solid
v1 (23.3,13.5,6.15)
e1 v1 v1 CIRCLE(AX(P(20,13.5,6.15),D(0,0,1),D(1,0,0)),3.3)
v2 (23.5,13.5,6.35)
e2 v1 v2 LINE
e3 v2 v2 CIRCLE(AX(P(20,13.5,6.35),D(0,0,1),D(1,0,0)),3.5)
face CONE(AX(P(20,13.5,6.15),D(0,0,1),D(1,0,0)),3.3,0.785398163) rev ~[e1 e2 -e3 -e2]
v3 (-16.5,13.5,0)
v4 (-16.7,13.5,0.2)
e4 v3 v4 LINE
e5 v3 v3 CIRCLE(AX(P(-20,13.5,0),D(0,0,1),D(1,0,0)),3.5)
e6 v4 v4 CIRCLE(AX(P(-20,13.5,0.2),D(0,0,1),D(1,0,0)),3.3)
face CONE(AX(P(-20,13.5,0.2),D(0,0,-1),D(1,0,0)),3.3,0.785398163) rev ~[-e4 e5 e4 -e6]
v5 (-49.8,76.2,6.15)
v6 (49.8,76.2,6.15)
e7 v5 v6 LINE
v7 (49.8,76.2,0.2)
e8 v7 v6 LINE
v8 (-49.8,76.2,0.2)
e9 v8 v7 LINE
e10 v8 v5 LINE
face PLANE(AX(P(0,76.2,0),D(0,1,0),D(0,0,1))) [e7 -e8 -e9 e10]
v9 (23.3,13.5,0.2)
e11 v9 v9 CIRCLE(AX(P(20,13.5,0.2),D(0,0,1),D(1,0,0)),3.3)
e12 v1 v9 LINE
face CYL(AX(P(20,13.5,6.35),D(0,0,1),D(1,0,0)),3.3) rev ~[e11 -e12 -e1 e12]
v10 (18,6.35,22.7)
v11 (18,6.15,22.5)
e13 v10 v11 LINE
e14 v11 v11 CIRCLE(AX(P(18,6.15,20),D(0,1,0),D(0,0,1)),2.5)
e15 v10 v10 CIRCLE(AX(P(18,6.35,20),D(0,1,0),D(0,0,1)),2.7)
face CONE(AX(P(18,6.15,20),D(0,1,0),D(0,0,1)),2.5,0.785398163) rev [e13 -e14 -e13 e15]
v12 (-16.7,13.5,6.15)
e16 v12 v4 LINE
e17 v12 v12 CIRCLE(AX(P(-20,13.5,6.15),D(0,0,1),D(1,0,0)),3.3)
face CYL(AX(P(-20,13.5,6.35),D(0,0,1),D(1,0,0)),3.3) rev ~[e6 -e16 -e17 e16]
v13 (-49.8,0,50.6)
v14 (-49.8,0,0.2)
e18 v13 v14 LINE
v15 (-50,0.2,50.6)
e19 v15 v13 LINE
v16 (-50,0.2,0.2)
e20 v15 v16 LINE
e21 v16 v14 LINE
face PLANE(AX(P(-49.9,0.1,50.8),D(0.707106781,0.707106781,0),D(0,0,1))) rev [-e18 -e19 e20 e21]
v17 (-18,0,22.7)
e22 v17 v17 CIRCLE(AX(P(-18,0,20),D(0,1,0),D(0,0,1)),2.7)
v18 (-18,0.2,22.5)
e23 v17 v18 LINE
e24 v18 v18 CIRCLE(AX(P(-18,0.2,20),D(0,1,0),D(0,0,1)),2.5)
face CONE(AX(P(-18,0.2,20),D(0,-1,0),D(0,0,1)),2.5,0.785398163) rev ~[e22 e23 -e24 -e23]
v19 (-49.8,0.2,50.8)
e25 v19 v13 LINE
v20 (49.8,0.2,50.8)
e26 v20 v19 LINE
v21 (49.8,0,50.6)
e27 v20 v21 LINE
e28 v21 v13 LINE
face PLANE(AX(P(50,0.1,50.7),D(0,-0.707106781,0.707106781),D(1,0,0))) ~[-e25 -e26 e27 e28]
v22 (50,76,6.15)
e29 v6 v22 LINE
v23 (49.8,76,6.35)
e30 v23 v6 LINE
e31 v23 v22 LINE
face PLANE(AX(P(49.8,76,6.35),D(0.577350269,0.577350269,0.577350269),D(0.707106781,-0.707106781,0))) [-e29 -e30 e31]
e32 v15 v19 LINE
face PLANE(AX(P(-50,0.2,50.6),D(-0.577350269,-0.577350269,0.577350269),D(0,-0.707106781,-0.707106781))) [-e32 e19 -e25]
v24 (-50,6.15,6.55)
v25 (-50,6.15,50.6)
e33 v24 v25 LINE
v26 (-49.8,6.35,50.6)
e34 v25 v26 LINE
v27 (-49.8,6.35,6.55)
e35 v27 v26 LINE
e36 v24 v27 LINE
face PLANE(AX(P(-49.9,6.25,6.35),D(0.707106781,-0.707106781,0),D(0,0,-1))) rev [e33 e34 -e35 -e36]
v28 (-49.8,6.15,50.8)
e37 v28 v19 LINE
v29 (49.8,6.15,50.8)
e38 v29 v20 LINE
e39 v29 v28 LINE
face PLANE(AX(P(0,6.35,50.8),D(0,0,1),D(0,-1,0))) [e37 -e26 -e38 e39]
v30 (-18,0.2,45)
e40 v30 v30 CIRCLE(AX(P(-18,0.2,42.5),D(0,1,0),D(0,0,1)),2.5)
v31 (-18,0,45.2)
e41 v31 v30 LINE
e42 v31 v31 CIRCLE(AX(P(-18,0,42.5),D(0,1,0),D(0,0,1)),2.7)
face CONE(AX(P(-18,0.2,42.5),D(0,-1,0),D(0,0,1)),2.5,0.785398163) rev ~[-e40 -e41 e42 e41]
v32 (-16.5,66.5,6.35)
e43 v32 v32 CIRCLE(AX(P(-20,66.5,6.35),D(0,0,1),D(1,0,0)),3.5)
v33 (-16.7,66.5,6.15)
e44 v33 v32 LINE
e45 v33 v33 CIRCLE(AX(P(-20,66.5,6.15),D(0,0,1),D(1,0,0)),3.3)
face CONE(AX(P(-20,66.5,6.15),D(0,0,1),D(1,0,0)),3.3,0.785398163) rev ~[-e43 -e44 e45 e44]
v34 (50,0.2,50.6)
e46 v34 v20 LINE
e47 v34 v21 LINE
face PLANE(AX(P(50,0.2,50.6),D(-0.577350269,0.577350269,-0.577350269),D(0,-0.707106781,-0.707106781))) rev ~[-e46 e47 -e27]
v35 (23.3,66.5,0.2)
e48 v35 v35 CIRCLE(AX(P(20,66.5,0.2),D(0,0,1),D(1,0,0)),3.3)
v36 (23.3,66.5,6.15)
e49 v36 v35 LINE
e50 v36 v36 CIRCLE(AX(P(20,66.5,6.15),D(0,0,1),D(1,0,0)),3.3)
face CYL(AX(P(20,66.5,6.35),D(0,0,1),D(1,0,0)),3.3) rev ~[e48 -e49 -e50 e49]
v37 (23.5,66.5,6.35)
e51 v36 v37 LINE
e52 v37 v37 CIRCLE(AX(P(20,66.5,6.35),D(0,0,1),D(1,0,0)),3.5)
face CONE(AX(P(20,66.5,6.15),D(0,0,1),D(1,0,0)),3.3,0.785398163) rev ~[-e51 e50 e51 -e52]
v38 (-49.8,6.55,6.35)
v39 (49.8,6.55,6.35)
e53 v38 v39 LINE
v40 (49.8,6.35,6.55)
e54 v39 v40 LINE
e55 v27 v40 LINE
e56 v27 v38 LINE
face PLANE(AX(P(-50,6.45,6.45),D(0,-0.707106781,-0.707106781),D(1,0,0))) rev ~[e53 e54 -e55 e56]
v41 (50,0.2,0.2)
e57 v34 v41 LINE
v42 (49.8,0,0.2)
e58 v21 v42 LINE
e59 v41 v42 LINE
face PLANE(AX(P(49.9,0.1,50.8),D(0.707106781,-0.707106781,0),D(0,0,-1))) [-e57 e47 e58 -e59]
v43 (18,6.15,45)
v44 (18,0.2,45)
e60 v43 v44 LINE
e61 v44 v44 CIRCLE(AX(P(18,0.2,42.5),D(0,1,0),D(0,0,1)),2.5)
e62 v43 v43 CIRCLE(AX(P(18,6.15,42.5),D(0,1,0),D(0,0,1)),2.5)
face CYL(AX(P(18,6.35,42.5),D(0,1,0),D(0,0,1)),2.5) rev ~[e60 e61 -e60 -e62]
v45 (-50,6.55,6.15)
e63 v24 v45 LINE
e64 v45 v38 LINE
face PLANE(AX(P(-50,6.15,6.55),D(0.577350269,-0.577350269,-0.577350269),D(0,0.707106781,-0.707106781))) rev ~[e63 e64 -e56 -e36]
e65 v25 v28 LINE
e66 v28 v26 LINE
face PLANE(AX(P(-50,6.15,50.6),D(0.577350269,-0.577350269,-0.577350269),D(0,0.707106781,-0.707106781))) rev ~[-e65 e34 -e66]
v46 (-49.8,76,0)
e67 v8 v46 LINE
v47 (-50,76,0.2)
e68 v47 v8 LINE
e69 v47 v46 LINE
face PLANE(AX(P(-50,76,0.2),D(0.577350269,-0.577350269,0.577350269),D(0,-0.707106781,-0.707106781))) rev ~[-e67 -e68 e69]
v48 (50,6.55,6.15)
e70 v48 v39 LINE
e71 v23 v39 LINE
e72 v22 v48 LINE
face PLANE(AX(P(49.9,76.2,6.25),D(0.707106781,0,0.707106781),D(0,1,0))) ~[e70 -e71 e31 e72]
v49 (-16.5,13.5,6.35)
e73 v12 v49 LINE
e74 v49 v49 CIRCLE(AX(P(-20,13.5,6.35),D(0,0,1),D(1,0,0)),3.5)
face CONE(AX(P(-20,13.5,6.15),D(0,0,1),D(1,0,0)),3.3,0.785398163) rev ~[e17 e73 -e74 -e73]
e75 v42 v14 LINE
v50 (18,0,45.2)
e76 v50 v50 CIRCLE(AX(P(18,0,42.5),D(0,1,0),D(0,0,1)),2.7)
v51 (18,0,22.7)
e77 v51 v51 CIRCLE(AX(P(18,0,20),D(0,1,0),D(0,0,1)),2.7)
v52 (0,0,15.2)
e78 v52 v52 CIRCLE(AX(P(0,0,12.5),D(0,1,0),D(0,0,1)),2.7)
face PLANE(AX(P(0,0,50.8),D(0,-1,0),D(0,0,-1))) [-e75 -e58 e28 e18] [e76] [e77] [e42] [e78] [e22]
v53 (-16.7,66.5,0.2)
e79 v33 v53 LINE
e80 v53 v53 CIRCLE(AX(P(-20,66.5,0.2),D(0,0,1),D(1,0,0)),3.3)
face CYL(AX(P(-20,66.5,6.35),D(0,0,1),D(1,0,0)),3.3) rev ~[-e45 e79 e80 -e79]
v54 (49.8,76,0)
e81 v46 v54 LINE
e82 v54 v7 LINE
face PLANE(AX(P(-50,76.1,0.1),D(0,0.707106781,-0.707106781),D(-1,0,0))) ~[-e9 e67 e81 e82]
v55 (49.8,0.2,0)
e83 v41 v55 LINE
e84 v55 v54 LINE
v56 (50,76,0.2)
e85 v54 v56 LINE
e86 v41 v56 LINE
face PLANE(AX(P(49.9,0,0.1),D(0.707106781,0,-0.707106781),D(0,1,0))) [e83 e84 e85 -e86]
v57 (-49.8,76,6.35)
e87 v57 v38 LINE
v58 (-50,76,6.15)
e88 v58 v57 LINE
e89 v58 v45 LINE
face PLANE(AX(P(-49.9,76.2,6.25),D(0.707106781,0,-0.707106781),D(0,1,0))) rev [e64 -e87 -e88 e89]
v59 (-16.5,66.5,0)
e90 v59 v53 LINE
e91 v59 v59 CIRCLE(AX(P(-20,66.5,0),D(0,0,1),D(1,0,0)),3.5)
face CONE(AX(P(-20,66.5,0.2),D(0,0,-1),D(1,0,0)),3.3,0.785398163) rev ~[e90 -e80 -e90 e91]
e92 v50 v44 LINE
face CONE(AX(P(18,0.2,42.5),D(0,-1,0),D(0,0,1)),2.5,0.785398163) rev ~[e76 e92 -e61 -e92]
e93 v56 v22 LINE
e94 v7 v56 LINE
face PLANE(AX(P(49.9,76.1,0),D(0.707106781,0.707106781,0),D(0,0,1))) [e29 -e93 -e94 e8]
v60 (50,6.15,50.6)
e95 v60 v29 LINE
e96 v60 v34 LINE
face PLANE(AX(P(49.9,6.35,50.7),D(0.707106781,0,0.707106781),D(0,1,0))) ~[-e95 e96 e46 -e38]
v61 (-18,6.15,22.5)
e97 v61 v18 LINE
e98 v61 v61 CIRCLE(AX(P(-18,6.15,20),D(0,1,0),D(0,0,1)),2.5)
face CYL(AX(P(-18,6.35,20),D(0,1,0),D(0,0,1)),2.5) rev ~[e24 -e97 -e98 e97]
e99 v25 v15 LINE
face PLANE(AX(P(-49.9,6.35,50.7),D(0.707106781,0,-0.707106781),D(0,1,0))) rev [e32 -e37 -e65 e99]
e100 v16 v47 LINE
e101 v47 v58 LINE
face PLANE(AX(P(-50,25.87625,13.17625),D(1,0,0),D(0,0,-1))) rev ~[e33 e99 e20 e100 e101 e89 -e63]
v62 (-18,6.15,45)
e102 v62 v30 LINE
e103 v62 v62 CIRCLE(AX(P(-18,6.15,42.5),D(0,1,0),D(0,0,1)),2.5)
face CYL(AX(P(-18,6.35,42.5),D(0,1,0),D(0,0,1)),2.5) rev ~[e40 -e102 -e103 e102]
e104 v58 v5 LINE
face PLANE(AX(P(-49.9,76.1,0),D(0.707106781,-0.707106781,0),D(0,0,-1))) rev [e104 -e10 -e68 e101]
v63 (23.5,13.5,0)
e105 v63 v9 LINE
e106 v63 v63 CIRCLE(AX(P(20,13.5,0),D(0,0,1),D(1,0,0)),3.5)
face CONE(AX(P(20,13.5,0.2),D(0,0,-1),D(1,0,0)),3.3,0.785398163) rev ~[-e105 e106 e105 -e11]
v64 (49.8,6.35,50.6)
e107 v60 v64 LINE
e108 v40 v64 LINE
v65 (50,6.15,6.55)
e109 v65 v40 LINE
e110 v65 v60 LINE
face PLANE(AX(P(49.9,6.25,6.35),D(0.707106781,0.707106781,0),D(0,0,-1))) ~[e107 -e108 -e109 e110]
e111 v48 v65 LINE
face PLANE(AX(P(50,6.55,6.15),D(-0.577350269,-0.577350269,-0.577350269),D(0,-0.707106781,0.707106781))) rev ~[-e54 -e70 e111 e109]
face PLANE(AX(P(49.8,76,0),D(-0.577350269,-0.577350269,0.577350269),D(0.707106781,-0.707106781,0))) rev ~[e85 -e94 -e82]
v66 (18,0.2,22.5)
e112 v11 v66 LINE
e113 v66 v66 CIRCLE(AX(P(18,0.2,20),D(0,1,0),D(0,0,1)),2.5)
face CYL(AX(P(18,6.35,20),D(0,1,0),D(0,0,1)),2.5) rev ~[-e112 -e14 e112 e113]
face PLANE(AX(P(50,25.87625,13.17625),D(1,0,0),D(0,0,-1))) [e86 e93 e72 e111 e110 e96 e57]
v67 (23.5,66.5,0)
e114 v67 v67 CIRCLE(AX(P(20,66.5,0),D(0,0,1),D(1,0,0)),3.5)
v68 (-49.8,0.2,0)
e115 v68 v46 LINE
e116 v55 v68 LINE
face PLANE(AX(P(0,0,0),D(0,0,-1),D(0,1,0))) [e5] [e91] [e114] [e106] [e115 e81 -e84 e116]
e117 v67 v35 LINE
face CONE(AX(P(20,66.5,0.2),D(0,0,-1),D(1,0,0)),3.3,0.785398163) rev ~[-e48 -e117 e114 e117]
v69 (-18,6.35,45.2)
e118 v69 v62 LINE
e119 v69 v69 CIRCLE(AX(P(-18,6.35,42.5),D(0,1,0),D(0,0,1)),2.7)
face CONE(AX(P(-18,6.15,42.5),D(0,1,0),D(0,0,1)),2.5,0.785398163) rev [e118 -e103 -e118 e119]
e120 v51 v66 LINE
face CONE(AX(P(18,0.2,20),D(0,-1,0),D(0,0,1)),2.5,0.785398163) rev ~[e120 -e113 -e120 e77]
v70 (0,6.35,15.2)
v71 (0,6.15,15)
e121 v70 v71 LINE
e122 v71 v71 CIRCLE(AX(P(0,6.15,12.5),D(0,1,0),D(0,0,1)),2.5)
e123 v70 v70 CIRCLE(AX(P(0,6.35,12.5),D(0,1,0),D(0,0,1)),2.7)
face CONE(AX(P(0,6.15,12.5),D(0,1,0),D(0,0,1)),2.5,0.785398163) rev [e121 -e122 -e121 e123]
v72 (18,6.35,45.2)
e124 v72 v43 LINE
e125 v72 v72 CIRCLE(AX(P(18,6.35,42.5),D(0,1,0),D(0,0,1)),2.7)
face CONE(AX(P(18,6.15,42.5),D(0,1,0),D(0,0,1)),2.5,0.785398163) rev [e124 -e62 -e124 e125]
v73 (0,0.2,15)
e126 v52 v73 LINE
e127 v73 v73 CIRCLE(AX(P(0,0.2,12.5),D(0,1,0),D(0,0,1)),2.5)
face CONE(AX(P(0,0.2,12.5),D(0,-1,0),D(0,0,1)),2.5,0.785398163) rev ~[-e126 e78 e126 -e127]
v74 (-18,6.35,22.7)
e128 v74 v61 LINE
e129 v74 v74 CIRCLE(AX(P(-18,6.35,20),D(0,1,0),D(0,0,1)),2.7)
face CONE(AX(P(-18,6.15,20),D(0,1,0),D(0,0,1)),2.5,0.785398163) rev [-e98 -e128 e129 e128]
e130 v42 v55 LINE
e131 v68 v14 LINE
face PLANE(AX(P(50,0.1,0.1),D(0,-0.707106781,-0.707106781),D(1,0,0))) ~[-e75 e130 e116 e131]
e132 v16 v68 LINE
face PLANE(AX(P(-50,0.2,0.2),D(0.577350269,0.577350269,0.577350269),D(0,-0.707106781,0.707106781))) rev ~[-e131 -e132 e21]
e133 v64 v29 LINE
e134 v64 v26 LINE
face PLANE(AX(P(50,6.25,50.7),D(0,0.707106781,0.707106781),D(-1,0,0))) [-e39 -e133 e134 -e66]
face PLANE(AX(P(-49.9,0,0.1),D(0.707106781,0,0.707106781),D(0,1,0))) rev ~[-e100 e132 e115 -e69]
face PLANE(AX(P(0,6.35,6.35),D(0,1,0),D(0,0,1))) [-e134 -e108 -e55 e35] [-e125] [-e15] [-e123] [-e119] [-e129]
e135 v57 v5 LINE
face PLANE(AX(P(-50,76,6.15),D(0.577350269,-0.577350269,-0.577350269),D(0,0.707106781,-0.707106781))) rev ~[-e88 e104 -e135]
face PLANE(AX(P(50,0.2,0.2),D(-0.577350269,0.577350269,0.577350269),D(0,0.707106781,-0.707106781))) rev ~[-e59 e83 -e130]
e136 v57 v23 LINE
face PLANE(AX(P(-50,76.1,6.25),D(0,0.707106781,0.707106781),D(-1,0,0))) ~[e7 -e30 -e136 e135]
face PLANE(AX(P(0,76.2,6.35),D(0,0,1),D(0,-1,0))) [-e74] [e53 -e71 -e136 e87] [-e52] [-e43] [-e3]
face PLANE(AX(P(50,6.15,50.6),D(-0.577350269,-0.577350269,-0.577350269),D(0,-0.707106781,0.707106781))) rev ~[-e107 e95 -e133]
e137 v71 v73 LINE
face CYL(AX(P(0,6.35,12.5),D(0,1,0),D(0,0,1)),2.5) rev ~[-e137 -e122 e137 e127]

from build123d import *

# Parameters (mm, degrees)
BOSS_EXTRUDE1_DEPTH = 50
SKETCH2_R           = 3.3
CUT_EXTRUDE1_DEPTH  = 100
SKETCH3_R           = 2.5
CUT_EXTRUDE2_DEPTH  = 100
CHAMFER1_SIZE       = 0.2


with BuildPart() as part:
    # Sketch1 → Boss-Extrude1 (new, symmetric)
    with BuildSketch(Plane(origin=(0, 0, 0), x_dir=(0, 0, -1), z_dir=(1, 0, 0))):
        Polygon((0, 0), (0, 76.2), (-6.35, 76.2), (-6.35, 6.35), (-50.8, 6.35), (-50.8, 0), align=None)
    extrude(amount=BOSS_EXTRUDE1_DEPTH, both=True)

    # Sketch2 → Cut-Extrude1 (cut)
    with BuildSketch(Plane.XY.offset(6.35)):
        with Locations((-20, 66.5)):
            Circle(SKETCH2_R)
        with Locations((20, 66.5)):
            Circle(SKETCH2_R)
        with Locations((20, 13.5)):
            Circle(SKETCH2_R)
        with Locations((-20, 13.5)):
            Circle(SKETCH2_R)
    extrude(amount=-CUT_EXTRUDE1_DEPTH, mode=Mode.SUBTRACT)

    # Sketch3 → Cut-Extrude2 (cut)
    with BuildSketch(Plane(origin=(0, 6.35, 0), x_dir=(1, 0, 0), z_dir=(0, 1, 0))):
        with Locations(Location((-18, -20, 0), (0, 0, 270))):
            Circle(SKETCH3_R)
        with Locations(Location((-18, -42.5, 0), (0, 0, 270))):
            Circle(SKETCH3_R)
        with Locations(Location((18, -42.5, 0), (0, 0, 270))):
            Circle(SKETCH3_R)
        with Locations(Location((18, -20, 0), (0, 0, 270))):
            Circle(SKETCH3_R)
        with Locations(Location((0, -12.5, 0), (0, 0, 270))):
            Circle(SKETCH3_R)
    extrude(amount=-CUT_EXTRUDE2_DEPTH, mode=Mode.SUBTRACT)

    # Chamfer1
    chamfer1_edges = [part.edges().sort_by_distance(p)[0] for p in [
        (50, 76.2, 3.175),
        (0, 0, 50.8),
        (0, 6.35, 50.8),
        (0, 6.35, 6.35),
        (0, 76.2, 6.35),
        (0, 76.2, 0),
        (0, 0, 0),
        (50, 41.275, 6.35),
        (50, 6.35, 28.575),
        (50, 3.175, 50.8),
        (-23.3, 66.5, 0),
        (-23.3, 66.5, 6.35),
        (16.7, 66.5, 0),
        (16.7, 66.5, 6.35),
        (16.7, 13.5, 0),
        (16.7, 13.5, 6.35),
        (-23.3, 13.5, 0),
        (-23.3, 13.5, 6.35),
        (-18, 0, 17.5),
        (50, 0, 25.4),
        (-18, 6.35, 17.5),
        (-18, 0, 40),
        (-18, 6.35, 40),
        (18, 0, 40),
        (18, 6.35, 40),
        (18, 0, 17.5),
        (18, 6.35, 17.5),
        (0, 0, 10),
        (0, 6.35, 10),
        (-50, 3.175, 50.8),
        (-50, 6.35, 28.575),
        (-50, 41.275, 6.35),
        (50, 38.1, 0),
        (-50, 76.2, 3.175),
        (-50, 38.1, 0),
        (-50, 0, 25.4),
    ]]
    chamfer(chamfer1_edges, length=CHAMFER1_SIZE)


solid = part.part
